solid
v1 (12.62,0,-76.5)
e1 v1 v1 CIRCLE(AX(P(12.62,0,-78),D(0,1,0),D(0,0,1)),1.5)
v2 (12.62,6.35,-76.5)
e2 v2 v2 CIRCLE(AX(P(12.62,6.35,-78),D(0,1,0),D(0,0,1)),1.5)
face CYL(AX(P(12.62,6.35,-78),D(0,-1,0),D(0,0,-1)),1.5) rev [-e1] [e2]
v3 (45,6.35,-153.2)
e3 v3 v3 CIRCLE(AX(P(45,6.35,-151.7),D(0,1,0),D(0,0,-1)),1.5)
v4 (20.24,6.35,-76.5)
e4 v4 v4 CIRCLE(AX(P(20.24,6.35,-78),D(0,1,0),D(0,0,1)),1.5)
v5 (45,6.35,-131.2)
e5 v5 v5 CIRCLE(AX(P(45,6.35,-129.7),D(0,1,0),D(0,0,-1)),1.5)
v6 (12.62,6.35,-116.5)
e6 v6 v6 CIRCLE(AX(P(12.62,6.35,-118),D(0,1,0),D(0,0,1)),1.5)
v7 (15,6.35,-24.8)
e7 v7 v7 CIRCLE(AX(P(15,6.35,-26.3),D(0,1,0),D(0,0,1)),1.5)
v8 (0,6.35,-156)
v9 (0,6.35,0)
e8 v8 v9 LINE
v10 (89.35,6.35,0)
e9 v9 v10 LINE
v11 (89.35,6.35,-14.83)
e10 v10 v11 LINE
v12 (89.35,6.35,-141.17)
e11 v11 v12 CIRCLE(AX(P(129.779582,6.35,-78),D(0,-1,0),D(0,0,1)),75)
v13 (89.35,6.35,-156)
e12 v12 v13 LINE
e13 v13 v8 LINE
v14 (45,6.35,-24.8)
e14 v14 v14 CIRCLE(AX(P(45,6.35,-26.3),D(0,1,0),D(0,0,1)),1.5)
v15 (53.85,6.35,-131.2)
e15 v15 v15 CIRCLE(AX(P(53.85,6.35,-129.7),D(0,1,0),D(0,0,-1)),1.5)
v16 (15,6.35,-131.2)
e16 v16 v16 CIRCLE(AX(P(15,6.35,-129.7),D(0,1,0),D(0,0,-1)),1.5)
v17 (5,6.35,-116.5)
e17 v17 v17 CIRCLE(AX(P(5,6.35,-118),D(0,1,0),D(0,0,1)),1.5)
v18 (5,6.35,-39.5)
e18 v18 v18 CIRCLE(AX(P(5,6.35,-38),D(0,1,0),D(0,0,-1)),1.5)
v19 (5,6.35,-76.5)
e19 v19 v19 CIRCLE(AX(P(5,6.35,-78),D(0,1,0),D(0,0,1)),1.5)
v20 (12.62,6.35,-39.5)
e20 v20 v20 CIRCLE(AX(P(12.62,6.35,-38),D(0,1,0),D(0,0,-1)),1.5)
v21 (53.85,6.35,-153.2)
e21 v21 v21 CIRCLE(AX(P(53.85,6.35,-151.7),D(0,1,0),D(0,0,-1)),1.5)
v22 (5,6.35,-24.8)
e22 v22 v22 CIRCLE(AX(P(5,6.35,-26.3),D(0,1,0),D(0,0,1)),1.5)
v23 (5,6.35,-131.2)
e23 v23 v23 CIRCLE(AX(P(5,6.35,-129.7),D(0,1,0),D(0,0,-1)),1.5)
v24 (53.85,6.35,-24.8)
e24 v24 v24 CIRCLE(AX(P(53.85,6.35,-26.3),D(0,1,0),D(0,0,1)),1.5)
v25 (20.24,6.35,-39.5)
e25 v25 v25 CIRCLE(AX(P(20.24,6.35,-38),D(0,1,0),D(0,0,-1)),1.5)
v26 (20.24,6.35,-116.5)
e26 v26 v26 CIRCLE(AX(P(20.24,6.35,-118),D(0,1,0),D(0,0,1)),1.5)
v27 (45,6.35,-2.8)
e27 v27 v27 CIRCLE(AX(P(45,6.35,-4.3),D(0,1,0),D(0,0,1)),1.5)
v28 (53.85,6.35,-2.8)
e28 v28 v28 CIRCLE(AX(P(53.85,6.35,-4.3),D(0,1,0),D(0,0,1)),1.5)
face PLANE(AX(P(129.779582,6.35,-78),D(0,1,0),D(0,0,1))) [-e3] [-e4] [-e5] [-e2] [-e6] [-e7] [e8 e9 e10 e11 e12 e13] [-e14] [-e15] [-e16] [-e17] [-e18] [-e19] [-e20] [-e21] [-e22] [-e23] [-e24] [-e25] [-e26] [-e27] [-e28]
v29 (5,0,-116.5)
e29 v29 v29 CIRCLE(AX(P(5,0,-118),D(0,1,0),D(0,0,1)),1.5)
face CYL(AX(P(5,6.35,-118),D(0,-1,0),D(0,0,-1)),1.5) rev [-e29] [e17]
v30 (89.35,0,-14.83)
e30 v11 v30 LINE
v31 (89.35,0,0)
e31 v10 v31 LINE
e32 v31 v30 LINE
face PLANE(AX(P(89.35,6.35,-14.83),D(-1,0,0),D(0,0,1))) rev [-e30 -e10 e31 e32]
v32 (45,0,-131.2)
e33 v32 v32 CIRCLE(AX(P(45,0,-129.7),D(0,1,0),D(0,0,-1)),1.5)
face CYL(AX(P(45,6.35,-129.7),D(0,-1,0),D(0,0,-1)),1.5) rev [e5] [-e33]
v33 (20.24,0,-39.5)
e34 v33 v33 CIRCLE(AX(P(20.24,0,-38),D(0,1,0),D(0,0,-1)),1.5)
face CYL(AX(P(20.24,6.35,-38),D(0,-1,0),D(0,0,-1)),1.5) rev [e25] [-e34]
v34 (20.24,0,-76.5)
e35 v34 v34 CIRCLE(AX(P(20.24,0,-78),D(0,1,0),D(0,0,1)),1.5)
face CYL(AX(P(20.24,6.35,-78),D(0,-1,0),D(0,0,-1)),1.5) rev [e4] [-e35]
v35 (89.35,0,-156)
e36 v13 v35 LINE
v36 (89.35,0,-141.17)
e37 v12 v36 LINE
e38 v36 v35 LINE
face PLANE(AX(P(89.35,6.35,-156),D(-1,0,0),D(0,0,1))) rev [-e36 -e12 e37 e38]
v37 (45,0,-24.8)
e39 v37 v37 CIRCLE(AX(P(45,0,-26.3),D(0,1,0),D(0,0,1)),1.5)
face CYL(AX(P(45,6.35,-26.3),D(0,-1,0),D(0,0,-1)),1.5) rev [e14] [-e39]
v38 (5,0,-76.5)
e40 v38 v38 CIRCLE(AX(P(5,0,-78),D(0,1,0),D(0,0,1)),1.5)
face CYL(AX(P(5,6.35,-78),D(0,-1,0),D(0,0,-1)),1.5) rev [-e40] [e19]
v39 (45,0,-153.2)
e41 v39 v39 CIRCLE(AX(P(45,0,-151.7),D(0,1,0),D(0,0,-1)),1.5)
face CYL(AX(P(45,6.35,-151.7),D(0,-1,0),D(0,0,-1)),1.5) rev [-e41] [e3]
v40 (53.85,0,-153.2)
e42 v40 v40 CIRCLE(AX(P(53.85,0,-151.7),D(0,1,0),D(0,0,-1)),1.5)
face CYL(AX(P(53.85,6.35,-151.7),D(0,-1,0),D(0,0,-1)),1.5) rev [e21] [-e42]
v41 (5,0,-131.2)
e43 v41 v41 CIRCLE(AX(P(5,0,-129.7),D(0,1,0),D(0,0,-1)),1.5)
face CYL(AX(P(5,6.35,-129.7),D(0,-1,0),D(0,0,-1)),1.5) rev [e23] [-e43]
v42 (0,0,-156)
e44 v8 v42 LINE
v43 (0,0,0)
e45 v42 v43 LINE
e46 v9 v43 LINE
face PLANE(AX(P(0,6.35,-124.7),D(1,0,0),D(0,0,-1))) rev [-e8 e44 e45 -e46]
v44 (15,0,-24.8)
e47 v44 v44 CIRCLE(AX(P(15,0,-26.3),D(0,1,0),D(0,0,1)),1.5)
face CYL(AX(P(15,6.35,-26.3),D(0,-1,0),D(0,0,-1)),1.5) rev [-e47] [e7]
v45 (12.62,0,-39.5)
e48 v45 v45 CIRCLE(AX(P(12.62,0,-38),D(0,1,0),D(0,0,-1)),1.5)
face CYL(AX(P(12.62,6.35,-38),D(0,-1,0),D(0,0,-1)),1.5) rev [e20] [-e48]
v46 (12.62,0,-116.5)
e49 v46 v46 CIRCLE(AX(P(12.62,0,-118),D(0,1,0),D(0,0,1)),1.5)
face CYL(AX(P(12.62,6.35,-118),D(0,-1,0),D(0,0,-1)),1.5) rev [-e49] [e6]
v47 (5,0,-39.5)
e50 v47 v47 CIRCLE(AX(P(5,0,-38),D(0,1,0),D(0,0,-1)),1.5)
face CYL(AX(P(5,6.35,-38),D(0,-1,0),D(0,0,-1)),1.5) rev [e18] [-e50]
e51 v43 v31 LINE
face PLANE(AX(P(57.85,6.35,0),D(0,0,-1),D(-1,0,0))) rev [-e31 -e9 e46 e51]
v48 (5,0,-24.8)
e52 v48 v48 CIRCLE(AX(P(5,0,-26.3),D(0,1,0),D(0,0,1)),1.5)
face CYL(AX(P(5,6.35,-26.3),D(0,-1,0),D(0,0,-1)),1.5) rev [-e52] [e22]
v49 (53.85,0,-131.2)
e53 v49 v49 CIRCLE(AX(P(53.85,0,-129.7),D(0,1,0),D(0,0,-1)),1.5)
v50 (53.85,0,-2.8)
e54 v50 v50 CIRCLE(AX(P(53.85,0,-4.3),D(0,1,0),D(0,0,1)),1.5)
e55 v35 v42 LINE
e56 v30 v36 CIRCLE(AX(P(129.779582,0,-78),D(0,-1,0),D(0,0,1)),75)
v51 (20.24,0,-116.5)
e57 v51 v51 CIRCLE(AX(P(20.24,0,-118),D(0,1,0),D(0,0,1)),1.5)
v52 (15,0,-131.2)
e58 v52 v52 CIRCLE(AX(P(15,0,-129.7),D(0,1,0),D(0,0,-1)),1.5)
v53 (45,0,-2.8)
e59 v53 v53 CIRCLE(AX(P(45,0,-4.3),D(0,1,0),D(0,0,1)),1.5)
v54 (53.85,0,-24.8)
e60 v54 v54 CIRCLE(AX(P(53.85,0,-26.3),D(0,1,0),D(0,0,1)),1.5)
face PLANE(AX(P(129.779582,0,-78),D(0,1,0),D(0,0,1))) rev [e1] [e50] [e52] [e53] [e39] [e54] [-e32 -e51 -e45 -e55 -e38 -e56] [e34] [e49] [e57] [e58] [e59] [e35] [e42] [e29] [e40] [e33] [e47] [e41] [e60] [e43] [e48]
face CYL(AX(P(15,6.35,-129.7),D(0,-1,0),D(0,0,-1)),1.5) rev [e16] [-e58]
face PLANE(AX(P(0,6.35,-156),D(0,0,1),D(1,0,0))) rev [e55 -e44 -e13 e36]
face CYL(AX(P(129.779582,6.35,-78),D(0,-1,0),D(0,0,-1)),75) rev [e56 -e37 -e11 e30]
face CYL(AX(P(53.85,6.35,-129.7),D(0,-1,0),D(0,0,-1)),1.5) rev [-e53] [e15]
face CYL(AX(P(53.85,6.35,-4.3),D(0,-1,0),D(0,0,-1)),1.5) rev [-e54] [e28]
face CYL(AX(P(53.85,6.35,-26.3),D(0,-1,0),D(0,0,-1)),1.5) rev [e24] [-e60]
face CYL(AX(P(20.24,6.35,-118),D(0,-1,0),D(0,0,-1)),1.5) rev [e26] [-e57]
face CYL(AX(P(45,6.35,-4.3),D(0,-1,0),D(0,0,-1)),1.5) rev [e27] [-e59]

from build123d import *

# Parameters (mm, degrees)
SKETCH1_R           = 1.5
BOSS_EXTRUDE1_DEPTH = 6.35


with BuildPart() as part:
    # Sketch1 → Boss-Extrude1 (new body)
    with BuildSketch(Plane(origin=(0, 0, 0), x_dir=(1, 0, 0), z_dir=(0, 1, 0))):
        with BuildLine():
            Line((0, 0), (49.85, 0))
            Line((49.85, 0), (57.85, 0))
            Line((57.85, 0), (89.35, 0))
            Line((89.35, 0), (89.35, 14.83))
            ThreePointArc((89.35, 14.83), (54.779581991, 78), (89.35, 141.17))
            Line((89.35, 141.17), (89.35, 156))
            Line((89.35, 156), (57.85, 156))
            Line((57.85, 156), (49.85, 156))
            Line((49.85, 156), (0, 156))
            Line((0, 156), (0, 124.7))
            Line((0, 124.7), (0, 31.3))
            Line((0, 31.3), (0, 0))
        make_face()
        with Locations(Location((45, 26.3, 0), (0, 0, 270))):
            Circle(SKETCH1_R, mode=Mode.SUBTRACT)
        with Locations(Location((45, 4.3, 0), (0, 0, 270))):
            Circle(SKETCH1_R, mode=Mode.SUBTRACT)
        with Locations(Location((15, 26.3, 0), (0, 0, 270))):
            Circle(SKETCH1_R, mode=Mode.SUBTRACT)
        with Locations(Location((5, 26.3, 0), (0, 0, 270))):
            Circle(SKETCH1_R, mode=Mode.SUBTRACT)
        with Locations(Location((53.85, 26.3, 0), (0, 0, 270))):
            Circle(SKETCH1_R, mode=Mode.SUBTRACT)
        with Locations(Location((53.85, 4.3, 0), (0, 0, 270))):
            Circle(SKETCH1_R, mode=Mode.SUBTRACT)
        with Locations(Location((53.85, 151.7, 0), (0, 0, 90))):
            Circle(SKETCH1_R, mode=Mode.SUBTRACT)
        with Locations(Location((53.85, 129.7, 0), (0, 0, 90))):
            Circle(SKETCH1_R, mode=Mode.SUBTRACT)
        with Locations(Location((5, 129.7, 0), (0, 0, 90))):
            Circle(SKETCH1_R, mode=Mode.SUBTRACT)
        with Locations(Location((15, 129.7, 0), (0, 0, 90))):
            Circle(SKETCH1_R, mode=Mode.SUBTRACT)
        with Locations(Location((45, 151.7, 0), (0, 0, 90))):
            Circle(SKETCH1_R, mode=Mode.SUBTRACT)
        with Locations(Location((45, 129.7, 0), (0, 0, 90))):
            Circle(SKETCH1_R, mode=Mode.SUBTRACT)
        with Locations(Location((5, 118, 0), (0, 0, 270))):
            Circle(SKETCH1_R, mode=Mode.SUBTRACT)
        with Locations(Location((5, 78, 0), (0, 0, 270))):
            Circle(SKETCH1_R, mode=Mode.SUBTRACT)
        with Locations(Location((5, 38, 0), (0, 0, 90))):
            Circle(SKETCH1_R, mode=Mode.SUBTRACT)
        with Locations(Location((12.62, 38, 0), (0, 0, 90))):
            Circle(SKETCH1_R, mode=Mode.SUBTRACT)
        with Locations(Location((12.62, 78, 0), (0, 0, 270))):
            Circle(SKETCH1_R, mode=Mode.SUBTRACT)
        with Locations(Location((12.62, 118, 0), (0, 0, 270))):
            Circle(SKETCH1_R, mode=Mode.SUBTRACT)
        with Locations(Location((20.24, 38, 0), (0, 0, 90))):
            Circle(SKETCH1_R, mode=Mode.SUBTRACT)
        with Locations(Location((20.24, 78, 0), (0, 0, 270))):
            Circle(SKETCH1_R, mode=Mode.SUBTRACT)
        with Locations(Location((20.24, 118, 0), (0, 0, 270))):
            Circle(SKETCH1_R, mode=Mode.SUBTRACT)
    extrude(amount=BOSS_EXTRUDE1_DEPTH)


solid = part.part
